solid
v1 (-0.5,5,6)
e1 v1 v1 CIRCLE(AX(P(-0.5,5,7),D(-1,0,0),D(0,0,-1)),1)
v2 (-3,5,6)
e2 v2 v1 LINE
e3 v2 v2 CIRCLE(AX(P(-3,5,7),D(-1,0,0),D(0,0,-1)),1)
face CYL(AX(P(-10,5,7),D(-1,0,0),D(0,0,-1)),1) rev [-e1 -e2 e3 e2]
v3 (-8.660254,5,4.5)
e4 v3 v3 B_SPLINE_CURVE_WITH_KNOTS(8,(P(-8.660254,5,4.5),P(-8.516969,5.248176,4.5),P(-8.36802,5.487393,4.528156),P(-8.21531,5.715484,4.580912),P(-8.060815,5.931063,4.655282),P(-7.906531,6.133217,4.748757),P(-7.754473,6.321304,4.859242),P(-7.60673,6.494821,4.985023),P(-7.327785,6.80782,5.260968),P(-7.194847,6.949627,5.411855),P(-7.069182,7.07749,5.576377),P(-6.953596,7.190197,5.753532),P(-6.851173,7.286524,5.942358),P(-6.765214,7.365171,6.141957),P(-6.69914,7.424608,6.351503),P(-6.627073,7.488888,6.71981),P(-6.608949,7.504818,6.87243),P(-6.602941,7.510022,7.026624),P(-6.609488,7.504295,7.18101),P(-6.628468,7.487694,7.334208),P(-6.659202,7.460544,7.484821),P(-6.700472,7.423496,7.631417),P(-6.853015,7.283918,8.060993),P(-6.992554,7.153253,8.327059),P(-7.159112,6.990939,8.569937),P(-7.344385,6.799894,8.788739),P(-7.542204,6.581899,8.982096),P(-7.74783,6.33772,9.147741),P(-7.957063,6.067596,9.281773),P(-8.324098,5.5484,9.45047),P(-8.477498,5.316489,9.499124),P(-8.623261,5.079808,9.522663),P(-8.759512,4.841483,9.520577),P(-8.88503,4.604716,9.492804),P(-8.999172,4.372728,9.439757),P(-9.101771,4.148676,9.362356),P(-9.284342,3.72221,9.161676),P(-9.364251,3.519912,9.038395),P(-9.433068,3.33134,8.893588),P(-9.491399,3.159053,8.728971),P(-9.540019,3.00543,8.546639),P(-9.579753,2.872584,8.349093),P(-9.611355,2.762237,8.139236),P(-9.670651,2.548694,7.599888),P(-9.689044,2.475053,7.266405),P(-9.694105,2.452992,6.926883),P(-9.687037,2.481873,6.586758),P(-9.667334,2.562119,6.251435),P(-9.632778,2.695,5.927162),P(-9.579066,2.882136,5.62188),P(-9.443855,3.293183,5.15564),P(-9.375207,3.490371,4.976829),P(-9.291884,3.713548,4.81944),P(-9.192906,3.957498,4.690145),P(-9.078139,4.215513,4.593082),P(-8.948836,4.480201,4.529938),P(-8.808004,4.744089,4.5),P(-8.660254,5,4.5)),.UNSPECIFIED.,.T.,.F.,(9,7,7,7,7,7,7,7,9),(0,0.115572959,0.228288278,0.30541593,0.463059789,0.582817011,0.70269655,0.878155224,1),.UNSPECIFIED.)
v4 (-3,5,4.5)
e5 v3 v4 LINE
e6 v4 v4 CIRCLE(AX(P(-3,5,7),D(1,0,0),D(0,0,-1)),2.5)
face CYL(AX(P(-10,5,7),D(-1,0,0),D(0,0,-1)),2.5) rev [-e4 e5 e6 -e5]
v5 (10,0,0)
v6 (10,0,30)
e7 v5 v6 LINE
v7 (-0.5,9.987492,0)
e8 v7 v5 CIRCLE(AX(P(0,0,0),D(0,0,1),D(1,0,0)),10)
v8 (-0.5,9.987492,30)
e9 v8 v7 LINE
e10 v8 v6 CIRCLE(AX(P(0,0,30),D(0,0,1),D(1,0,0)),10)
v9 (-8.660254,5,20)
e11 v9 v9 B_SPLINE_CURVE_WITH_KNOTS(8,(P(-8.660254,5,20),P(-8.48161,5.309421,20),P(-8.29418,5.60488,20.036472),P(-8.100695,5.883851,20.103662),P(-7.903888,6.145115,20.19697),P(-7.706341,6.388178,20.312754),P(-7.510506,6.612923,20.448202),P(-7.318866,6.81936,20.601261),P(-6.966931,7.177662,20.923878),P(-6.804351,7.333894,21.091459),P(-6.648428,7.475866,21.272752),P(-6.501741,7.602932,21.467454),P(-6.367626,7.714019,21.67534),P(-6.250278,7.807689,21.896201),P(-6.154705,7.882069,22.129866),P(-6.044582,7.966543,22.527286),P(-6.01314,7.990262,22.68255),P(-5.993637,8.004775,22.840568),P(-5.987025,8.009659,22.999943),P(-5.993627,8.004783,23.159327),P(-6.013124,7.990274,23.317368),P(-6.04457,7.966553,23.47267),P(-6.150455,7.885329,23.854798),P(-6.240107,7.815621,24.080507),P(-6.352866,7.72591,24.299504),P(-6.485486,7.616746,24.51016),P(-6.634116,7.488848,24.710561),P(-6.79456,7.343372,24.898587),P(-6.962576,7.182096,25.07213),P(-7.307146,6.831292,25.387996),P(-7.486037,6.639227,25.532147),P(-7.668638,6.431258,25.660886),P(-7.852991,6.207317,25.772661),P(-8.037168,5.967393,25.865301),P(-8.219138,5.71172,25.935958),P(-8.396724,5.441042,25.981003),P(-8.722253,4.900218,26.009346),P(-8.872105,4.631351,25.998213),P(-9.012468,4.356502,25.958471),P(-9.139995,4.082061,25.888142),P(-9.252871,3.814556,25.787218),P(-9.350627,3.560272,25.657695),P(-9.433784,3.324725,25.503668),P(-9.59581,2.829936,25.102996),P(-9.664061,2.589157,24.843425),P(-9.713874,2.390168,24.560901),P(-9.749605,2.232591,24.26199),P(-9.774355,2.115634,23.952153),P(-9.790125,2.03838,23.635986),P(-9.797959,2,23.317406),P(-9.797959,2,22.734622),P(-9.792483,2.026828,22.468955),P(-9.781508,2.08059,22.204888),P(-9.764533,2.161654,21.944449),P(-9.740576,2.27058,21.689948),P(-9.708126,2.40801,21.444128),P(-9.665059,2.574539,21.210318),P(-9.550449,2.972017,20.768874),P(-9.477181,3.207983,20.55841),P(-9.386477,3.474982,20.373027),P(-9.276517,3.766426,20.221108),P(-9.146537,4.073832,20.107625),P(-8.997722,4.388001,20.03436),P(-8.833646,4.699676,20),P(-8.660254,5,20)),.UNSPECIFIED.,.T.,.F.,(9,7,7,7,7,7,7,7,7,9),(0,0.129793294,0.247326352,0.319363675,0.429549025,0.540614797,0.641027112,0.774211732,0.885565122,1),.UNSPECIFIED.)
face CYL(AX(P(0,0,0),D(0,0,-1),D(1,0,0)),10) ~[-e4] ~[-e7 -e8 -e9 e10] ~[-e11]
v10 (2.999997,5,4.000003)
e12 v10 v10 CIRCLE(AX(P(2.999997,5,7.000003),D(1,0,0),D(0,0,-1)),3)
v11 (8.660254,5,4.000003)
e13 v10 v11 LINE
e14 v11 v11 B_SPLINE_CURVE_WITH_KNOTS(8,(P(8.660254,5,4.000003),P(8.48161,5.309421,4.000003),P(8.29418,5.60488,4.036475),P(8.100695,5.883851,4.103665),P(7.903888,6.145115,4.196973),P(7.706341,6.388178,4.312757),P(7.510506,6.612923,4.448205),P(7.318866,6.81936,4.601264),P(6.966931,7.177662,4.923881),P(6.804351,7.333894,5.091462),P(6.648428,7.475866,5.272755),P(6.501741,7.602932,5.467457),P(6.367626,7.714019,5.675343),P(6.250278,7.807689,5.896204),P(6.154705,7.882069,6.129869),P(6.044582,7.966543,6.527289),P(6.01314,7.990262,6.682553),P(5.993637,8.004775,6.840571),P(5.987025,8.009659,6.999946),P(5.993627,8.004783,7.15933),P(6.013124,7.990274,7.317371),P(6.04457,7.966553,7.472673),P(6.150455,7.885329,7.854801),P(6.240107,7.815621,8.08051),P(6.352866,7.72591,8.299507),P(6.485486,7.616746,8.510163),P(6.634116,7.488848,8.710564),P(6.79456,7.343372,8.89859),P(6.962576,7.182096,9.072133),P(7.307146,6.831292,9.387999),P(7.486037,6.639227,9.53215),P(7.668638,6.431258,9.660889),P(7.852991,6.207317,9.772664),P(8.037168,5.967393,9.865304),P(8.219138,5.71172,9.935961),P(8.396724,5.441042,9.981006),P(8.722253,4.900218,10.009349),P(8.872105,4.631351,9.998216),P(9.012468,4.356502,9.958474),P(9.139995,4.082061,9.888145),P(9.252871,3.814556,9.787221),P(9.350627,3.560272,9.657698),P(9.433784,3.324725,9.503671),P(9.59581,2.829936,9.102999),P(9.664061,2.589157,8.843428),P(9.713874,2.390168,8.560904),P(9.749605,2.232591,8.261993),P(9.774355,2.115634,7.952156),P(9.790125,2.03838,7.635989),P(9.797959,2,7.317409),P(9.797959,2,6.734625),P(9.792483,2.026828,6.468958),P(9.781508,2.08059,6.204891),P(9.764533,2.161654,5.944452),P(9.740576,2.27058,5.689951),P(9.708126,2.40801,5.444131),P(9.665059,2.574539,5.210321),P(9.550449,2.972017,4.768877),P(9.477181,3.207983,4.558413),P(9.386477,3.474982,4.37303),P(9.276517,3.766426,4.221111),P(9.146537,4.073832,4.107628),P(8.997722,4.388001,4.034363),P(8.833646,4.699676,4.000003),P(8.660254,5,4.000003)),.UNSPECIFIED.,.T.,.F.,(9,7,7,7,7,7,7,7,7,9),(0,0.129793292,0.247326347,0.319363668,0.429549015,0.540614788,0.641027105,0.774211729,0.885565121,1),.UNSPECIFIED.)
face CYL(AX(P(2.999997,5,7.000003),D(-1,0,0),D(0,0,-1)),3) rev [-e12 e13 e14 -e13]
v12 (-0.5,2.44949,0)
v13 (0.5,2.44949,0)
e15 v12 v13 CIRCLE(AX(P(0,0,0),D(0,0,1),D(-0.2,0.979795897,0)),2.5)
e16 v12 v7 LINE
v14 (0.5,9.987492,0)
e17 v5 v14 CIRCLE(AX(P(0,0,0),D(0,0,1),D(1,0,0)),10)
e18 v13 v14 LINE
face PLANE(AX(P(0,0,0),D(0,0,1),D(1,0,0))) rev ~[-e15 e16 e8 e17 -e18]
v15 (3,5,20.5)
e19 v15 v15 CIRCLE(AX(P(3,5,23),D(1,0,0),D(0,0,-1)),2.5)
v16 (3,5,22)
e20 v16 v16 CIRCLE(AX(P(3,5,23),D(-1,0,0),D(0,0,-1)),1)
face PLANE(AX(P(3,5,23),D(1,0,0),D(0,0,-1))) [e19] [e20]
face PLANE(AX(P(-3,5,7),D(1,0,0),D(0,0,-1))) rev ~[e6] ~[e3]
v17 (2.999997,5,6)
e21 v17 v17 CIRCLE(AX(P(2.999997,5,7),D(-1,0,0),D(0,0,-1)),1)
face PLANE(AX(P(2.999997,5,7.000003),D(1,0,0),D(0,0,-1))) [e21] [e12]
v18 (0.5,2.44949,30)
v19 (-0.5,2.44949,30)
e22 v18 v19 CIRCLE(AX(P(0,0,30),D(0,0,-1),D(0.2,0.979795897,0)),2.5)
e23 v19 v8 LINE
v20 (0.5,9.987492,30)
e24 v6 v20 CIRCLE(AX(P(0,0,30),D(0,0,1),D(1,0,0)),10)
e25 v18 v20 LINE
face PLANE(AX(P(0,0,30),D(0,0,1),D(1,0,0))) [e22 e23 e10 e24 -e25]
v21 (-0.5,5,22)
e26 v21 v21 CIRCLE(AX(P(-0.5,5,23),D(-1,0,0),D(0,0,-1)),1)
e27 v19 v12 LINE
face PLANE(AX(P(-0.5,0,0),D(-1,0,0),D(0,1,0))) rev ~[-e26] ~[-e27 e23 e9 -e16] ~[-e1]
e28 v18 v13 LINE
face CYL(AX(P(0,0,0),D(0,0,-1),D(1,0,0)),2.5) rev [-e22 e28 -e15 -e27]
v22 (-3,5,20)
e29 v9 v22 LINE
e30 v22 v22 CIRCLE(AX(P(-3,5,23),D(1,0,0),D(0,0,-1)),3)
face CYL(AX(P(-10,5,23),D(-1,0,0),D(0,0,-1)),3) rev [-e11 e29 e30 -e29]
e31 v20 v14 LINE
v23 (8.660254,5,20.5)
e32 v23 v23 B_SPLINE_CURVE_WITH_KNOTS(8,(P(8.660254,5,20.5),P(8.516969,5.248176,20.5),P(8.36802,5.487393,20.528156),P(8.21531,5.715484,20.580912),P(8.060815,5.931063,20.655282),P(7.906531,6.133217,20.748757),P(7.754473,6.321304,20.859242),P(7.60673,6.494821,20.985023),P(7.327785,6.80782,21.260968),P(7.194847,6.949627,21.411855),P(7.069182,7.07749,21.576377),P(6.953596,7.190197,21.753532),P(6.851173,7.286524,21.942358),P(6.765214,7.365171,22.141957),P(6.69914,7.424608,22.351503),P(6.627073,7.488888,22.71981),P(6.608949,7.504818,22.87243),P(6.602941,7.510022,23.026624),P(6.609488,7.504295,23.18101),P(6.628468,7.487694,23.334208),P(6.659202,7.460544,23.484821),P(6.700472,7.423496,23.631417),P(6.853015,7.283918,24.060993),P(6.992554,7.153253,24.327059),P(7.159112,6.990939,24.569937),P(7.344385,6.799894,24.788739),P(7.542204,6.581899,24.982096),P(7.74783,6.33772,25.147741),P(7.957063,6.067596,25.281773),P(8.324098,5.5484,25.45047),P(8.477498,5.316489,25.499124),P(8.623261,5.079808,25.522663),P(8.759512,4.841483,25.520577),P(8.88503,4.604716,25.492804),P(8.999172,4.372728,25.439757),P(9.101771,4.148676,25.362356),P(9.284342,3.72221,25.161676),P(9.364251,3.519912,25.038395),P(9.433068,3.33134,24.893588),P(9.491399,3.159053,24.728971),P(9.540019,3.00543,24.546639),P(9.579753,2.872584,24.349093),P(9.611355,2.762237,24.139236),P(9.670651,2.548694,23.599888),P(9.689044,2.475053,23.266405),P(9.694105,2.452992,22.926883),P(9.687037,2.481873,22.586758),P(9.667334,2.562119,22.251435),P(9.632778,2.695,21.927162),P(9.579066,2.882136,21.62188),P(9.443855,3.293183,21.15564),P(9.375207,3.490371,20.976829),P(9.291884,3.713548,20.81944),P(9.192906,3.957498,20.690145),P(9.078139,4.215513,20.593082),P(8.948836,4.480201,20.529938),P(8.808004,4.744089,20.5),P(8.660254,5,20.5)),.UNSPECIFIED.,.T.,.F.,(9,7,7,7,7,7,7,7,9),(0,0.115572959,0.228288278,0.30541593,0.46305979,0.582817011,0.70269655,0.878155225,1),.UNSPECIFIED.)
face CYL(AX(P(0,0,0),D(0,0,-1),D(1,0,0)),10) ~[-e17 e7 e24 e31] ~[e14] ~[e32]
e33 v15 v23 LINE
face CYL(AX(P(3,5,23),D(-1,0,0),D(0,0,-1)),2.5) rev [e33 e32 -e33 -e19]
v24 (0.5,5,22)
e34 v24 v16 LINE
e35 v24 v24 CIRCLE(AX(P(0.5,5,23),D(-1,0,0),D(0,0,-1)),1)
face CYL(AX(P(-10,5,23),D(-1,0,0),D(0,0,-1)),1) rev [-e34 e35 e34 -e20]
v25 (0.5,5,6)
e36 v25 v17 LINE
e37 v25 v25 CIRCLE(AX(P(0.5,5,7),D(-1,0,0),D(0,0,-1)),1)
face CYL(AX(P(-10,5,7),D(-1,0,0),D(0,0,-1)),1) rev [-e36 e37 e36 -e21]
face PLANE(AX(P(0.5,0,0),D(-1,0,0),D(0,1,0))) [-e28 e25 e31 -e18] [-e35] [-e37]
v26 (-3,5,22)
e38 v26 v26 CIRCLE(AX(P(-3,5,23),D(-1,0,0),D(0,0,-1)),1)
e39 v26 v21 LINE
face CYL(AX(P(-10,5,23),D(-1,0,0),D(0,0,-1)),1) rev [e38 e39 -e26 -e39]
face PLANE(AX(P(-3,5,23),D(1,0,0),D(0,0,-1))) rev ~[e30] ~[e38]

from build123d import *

# Parameters (mm, degrees)
BOX_W                         = 1
BOX_H                         = 11
BOX_DEPTH                     = 30
CYLINDER_R                    = 1
CYLINDER_DEPTH                = 20
CYLINDER_PITCH_ANGLE          = 90
CYLINDER003_R                 = 1
CYLINDER003_DEPTH             = 20
CYLINDER003_PITCH_ANGLE       = 90
CYLINDER004001_R              = 2.5
CYLINDER004001_DEPTH          = 7
CYLINDER004001_PITCH_ANGLE    = 90
CYLINDER004_R                 = 3
CYLINDER004_DEPTH             = 7
CYLINDER004_PITCH_ANGLE       = 90
CYLINDER004002_R              = 2.5
CYLINDER004002_DEPTH          = 7
CYLINDER004002_PITCH_ANGLE    = 90
CYLINDER004002001_R           = 3
CYLINDER004002001_DEPTH       = 7
CYLINDER004002001_PITCH_ANGLE = 90
CYLINDER001_R                 = 2.5
CYLINDER001_DEPTH             = 30
CYLINDER002_R                 = 10
CYLINDER002_DEPTH             = 30


with BuildPart() as fente_1mm:
    # Box → Box (new body)
    with BuildSketch(Plane(origin=(-0.5, 0, 0), x_dir=(1, 0, 0), z_dir=(0, 0, 1))):
        with Locations((0.5, 5.5)):
            Rectangle(BOX_W, BOX_H)
    extrude(amount=BOX_DEPTH)


with BuildPart() as trou_vis_haut:
    # Cylinder → Cylinder (new body)
    with BuildSketch(Plane.XY):
        Circle(CYLINDER_R)
    extrude(amount=CYLINDER_DEPTH)


with BuildPart() as trou_vis_haut_1:
    # Cylinder pitch: moved
    add(trou_vis_haut.part.rotate(Axis((0, 0, 0), (0, 1, 0)), CYLINDER_PITCH_ANGLE))


with BuildPart() as trou_vis_haut_2:
    # Cylinder placement: moved
    add(trou_vis_haut_1.part.moved(Location((-10, 5, 23))))


with BuildPart() as trou_vis_bas:
    # Cylinder003 → Cylinder003 (new body)
    with BuildSketch(Plane.XY):
        Circle(CYLINDER003_R)
    extrude(amount=CYLINDER003_DEPTH)


with BuildPart() as trou_vis_bas_1:
    # Cylinder003 pitch: moved
    add(trou_vis_bas.part.rotate(Axis((0, 0, 0), (0, 1, 0)), CYLINDER003_PITCH_ANGLE))


with BuildPart() as trou_vis_bas_2:
    # Cylinder003 placement: moved
    add(trou_vis_bas_1.part.moved(Location((-10, 5, 7))))


with BuildPart() as trou_tete_bg:
    # Cylinder004001 → Cylinder004001 (new body)
    with BuildSketch(Plane.XY):
        Circle(CYLINDER004001_R)
    extrude(amount=CYLINDER004001_DEPTH)


with BuildPart() as trou_tete_bg_1:
    # Cylinder004001 pitch: moved
    add(trou_tete_bg.part.rotate(Axis((0, 0, 0), (0, 1, 0)), CYLINDER004001_PITCH_ANGLE))


with BuildPart() as trou_tete_bg_2:
    # Cylinder004001 placement: moved
    add(trou_tete_bg_1.part.moved(Location((-10, 5, 7))))


with BuildPart() as trou_tete_bd:
    # Cylinder004 → Cylinder004 (new body)
    with BuildSketch(Plane.XY):
        Circle(CYLINDER004_R)
    extrude(amount=CYLINDER004_DEPTH)


with BuildPart() as trou_tete_bd_1:
    # Cylinder004 pitch: moved
    add(trou_tete_bd.part.rotate(Axis((0, 0, 0), (0, 1, 0)), CYLINDER004_PITCH_ANGLE))


with BuildPart() as trou_tete_bd_2:
    # Cylinder004 placement: moved
    add(trou_tete_bd_1.part.moved(Location((2.999997, 5, 7.000003))))


with BuildPart() as trou_tete_hg:
    # Cylinder004002 → Cylinder004002 (new body)
    with BuildSketch(Plane.XY):
        Circle(CYLINDER004002_R)
    extrude(amount=CYLINDER004002_DEPTH)


with BuildPart() as trou_tete_hg_1:
    # Cylinder004002 pitch: moved
    add(trou_tete_hg.part.rotate(Axis((0, 0, 0), (0, 1, 0)), CYLINDER004002_PITCH_ANGLE))


with BuildPart() as trou_tete_hg_2:
    # Cylinder004002 placement: moved
    add(trou_tete_hg_1.part.moved(Location((3, 5, 23))))


with BuildPart() as trou_tete_hg001:
    # Cylinder004002001 → Cylinder004002001 (new body)
    with BuildSketch(Plane.XY):
        Circle(CYLINDER004002001_R)
    extrude(amount=CYLINDER004002001_DEPTH)


with BuildPart() as trou_tete_hg001_1:
    # Cylinder004002001 pitch: moved
    add(trou_tete_hg001.part.rotate(Axis((0, 0, 0), (0, 1, 0)), CYLINDER004002001_PITCH_ANGLE))


with BuildPart() as trou_tete_hg001_2:
    # Cylinder004002001 placement: moved
    add(trou_tete_hg001_1.part.moved(Location((-10, 5, 23))))


with BuildPart() as cylinder001:
    # Cylinder001 → Cylinder001 (new body)
    with BuildSketch(Plane.XY):
        Circle(CYLINDER001_R)
    extrude(amount=CYLINDER001_DEPTH)


with BuildPart() as cut007:
    # Cylinder002 → Cylinder002 (new body)
    with BuildSketch(Plane.XY):
        Circle(CYLINDER002_R)
    extrude(amount=CYLINDER002_DEPTH)

    # Cut: cut Cylinder001
    add(cylinder001.part, mode=Mode.SUBTRACT)

    # Cut001: cut Trou tete hg001
    add(trou_tete_hg001_2.part, mode=Mode.SUBTRACT)

    # Cut002: cut Trou tete hg
    add(trou_tete_hg_2.part, mode=Mode.SUBTRACT)

    # Cut003: cut Trou tete bd
    add(trou_tete_bd_2.part, mode=Mode.SUBTRACT)

    # Cut004: cut Trou tete bg
    add(trou_tete_bg_2.part, mode=Mode.SUBTRACT)

    # Cut005: cut trou vis bas
    add(trou_vis_bas_2.part, mode=Mode.SUBTRACT)

    # Cut006: cut  trou vis haut
    add(trou_vis_haut_2.part, mode=Mode.SUBTRACT)

    # Cut007: cut fente 1mm
    add(fente_1mm.part, mode=Mode.SUBTRACT)


solid = cut007.part
